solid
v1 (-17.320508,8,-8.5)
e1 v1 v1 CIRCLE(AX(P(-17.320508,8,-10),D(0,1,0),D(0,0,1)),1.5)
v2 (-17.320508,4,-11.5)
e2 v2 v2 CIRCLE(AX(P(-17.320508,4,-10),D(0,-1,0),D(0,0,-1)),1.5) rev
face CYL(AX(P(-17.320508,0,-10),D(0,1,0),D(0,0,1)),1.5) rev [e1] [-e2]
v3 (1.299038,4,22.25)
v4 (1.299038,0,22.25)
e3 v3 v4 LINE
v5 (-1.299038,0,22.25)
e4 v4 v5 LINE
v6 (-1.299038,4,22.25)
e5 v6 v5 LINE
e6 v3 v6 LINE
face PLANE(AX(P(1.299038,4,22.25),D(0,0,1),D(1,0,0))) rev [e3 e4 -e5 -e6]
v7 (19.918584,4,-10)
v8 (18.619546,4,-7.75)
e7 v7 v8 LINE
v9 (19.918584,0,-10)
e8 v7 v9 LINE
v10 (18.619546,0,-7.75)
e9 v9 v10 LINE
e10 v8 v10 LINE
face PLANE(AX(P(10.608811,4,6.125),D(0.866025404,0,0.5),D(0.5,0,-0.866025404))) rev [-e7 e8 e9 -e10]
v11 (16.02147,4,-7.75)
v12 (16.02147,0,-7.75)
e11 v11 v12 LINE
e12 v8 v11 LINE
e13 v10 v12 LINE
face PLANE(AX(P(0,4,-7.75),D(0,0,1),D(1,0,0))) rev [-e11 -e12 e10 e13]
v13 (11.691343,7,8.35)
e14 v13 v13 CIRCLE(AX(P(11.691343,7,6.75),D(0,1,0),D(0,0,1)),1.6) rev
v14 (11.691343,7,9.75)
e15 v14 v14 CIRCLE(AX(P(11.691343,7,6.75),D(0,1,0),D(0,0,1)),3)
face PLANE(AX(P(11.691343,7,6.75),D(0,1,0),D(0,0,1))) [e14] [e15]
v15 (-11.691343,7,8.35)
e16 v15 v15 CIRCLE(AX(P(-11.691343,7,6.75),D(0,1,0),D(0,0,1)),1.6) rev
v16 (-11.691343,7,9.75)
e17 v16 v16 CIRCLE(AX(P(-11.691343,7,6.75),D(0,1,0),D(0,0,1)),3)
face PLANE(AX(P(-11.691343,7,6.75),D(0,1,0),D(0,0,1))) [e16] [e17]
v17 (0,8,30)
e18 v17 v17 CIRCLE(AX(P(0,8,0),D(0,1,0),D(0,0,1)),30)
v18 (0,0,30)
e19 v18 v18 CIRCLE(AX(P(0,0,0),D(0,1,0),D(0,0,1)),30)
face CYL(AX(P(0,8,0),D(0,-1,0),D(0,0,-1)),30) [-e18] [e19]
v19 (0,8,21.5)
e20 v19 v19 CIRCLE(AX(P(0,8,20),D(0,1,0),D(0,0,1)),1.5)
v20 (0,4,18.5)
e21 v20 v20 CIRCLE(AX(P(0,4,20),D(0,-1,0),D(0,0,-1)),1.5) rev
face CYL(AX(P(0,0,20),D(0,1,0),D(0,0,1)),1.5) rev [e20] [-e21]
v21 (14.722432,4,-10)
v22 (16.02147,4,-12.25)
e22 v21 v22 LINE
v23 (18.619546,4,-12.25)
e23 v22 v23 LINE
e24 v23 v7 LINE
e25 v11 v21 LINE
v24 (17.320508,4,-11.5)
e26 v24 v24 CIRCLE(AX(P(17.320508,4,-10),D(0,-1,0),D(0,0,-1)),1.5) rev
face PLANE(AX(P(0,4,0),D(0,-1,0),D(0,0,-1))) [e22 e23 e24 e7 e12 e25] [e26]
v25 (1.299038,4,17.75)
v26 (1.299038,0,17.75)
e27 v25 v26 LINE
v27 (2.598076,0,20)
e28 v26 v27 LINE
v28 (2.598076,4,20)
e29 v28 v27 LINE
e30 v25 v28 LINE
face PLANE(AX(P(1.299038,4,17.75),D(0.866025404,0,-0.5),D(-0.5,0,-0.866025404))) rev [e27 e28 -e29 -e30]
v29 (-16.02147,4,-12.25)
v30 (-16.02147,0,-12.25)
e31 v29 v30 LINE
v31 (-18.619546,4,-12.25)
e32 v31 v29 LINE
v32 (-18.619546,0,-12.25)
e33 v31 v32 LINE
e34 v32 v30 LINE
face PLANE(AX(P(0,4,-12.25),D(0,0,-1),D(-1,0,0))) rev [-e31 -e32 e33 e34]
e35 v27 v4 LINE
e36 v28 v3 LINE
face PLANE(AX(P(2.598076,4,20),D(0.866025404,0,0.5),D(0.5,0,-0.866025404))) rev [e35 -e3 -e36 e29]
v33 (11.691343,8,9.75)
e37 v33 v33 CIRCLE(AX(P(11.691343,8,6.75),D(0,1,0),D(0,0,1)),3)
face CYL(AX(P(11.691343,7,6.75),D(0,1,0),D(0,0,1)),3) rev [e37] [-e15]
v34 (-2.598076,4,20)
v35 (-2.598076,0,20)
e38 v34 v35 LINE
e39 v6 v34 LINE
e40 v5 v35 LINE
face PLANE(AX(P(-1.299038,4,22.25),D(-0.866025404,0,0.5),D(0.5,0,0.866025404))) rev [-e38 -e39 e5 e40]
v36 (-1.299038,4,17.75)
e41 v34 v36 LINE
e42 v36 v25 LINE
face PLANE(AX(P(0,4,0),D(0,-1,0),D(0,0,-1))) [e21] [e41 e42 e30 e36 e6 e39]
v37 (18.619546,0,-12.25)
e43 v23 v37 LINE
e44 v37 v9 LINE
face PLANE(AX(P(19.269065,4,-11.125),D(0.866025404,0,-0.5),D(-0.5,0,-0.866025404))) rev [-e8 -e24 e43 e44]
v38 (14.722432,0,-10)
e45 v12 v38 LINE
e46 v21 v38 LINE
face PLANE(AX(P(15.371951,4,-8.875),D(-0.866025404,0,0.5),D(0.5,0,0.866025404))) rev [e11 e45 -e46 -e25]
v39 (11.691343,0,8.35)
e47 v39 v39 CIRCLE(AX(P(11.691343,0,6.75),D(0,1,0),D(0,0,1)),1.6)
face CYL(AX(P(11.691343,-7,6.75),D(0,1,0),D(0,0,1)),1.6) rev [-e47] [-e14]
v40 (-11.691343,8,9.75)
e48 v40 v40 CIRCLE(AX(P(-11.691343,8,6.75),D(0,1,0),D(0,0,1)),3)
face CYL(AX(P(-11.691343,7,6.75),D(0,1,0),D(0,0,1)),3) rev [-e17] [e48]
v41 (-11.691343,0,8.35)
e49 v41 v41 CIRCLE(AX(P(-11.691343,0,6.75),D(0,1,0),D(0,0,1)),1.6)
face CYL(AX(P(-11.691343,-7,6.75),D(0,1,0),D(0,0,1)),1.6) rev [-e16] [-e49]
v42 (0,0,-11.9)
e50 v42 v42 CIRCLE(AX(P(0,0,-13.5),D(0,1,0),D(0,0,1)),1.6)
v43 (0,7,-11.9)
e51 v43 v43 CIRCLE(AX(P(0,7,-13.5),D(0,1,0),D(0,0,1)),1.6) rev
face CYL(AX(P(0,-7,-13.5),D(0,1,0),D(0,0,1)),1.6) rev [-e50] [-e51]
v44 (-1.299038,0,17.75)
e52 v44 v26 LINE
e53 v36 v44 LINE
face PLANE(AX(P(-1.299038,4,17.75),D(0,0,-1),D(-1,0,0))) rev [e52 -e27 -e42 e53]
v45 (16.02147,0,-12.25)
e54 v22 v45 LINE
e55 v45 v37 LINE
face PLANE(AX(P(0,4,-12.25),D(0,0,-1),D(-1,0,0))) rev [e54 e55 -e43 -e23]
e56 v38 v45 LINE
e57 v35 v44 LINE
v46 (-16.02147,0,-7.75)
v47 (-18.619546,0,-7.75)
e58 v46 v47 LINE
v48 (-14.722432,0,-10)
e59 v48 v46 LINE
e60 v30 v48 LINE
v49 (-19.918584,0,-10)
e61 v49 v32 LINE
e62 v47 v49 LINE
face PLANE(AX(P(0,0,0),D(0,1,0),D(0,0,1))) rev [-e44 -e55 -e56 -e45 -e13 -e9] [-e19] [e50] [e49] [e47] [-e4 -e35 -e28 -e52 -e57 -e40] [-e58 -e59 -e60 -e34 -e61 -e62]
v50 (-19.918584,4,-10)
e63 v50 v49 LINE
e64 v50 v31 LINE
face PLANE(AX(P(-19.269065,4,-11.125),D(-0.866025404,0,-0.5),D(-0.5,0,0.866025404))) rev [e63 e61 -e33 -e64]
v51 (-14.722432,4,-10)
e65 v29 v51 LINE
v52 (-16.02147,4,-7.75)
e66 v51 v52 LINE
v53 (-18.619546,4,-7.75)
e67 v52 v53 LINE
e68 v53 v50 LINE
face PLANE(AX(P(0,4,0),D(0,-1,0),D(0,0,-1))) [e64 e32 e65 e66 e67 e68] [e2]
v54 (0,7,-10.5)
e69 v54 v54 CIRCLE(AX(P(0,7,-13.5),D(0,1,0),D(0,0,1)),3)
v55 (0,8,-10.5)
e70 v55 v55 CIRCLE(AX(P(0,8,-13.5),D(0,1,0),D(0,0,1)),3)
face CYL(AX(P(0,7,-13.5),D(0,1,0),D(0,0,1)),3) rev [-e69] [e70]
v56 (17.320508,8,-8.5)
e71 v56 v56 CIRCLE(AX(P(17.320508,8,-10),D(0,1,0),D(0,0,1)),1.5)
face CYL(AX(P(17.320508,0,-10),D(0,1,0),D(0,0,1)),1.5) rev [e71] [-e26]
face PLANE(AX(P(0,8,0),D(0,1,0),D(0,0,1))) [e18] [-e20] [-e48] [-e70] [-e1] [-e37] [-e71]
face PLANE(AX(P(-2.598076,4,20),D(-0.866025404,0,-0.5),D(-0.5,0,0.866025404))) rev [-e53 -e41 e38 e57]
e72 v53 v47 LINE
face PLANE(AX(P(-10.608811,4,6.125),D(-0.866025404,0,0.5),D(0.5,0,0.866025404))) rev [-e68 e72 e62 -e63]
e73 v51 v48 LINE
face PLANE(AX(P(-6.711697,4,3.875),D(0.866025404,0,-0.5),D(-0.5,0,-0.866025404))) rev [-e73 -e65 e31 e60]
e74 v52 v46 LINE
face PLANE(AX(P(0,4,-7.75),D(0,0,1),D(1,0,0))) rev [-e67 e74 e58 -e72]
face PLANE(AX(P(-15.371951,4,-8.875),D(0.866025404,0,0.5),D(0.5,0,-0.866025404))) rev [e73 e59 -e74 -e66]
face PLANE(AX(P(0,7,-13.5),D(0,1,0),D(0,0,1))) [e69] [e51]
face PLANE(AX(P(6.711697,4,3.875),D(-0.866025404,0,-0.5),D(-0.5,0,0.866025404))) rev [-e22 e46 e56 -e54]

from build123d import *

# Parameters (mm, degrees)
SKETCH_1_R          = 30
EXTRUDE_1_DEPTH     = 8
SKETCH_2_R          = 1.6
CUT_EXTRUDE_1_DEPTH = 15
SKETCH_3_R          = 1.5
CUT_EXTRUDE_2_DEPTH = 8
SKETCH_4_R          = 3
CUT_EXTRUDE_3_DEPTH = 1
SKETCH_5_R          = 1.5
CUT_EXTRUDE_4_DEPTH = 4


with BuildPart() as part:
    # 草图1 → 凸台-拉伸1 (new body)
    with BuildSketch(Plane(origin=(0, 0, 0), x_dir=(1, 0, 0), z_dir=(0, 1, 0))):
        Circle(SKETCH_1_R)
    extrude(amount=EXTRUDE_1_DEPTH)

    # 草图2 → 切除-拉伸1 (cut)
    with BuildSketch(Plane(origin=(0, 8, 0), x_dir=(1, 0, 0), z_dir=(0, 1, 0))):
        with Locations((0, 13.5)):
            Circle(SKETCH_2_R)
        with Locations((11.691342951, -6.75)):
            Circle(SKETCH_2_R)
        with Locations((-11.691342951, -6.75)):
            Circle(SKETCH_2_R)
    extrude(amount=-CUT_EXTRUDE_1_DEPTH, mode=Mode.SUBTRACT)

    # 草图3 → 切除-拉伸2 (cut)
    with BuildSketch(Plane(origin=(0, 8, 0), x_dir=(1, 0, 0), z_dir=(0, 1, 0))):
        with Locations((17.320508076, 10)):
            Circle(SKETCH_3_R)
        with Locations((0, -20)):
            Circle(SKETCH_3_R)
        with Locations((-17.320508076, 10)):
            Circle(SKETCH_3_R)
    extrude(amount=-CUT_EXTRUDE_2_DEPTH, mode=Mode.SUBTRACT)

    # 草图4 → 切除-拉伸3 (cut)
    with BuildSketch(Plane(origin=(0, 8, 0), x_dir=(1, 0, 0), z_dir=(0, 1, 0))):
        with Locations((0, 13.5)):
            Circle(SKETCH_4_R)
        with Locations((11.691342951, -6.75)):
            Circle(SKETCH_4_R)
        with Locations((-11.691342951, -6.75)):
            Circle(SKETCH_4_R)
    extrude(amount=-CUT_EXTRUDE_3_DEPTH, mode=Mode.SUBTRACT)

    # 草图5 → 切除-拉伸4 (cut)
    with BuildSketch(Plane.XZ):
        Polygon((-14.722431864, -10), (-16.02146997, -7.75), (-18.619546181, -7.75), (-19.918584287, -10), (-18.619546181, -12.25), (-16.02146997, -12.25), align=None)
        with Locations((-17.320508076, -10)):
            Circle(SKETCH_5_R, mode=Mode.SUBTRACT)
        Polygon((16.02146997, -7.75), (14.722431864, -10), (16.02146997, -12.25), (18.619546181, -12.25), (19.918584287, -10), (18.619546181, -7.75), align=None)
        with Locations((17.320508076, -10)):
            Circle(SKETCH_5_R, mode=Mode.SUBTRACT)
        Polygon((1.299038106, 22.25), (-1.299038106, 22.25), (-2.598076211, 20), (-1.299038106, 17.75), (1.299038106, 17.75), (2.598076211, 20), align=None)
    extrude(amount=-CUT_EXTRUDE_4_DEPTH, mode=Mode.SUBTRACT)


solid = part.part
